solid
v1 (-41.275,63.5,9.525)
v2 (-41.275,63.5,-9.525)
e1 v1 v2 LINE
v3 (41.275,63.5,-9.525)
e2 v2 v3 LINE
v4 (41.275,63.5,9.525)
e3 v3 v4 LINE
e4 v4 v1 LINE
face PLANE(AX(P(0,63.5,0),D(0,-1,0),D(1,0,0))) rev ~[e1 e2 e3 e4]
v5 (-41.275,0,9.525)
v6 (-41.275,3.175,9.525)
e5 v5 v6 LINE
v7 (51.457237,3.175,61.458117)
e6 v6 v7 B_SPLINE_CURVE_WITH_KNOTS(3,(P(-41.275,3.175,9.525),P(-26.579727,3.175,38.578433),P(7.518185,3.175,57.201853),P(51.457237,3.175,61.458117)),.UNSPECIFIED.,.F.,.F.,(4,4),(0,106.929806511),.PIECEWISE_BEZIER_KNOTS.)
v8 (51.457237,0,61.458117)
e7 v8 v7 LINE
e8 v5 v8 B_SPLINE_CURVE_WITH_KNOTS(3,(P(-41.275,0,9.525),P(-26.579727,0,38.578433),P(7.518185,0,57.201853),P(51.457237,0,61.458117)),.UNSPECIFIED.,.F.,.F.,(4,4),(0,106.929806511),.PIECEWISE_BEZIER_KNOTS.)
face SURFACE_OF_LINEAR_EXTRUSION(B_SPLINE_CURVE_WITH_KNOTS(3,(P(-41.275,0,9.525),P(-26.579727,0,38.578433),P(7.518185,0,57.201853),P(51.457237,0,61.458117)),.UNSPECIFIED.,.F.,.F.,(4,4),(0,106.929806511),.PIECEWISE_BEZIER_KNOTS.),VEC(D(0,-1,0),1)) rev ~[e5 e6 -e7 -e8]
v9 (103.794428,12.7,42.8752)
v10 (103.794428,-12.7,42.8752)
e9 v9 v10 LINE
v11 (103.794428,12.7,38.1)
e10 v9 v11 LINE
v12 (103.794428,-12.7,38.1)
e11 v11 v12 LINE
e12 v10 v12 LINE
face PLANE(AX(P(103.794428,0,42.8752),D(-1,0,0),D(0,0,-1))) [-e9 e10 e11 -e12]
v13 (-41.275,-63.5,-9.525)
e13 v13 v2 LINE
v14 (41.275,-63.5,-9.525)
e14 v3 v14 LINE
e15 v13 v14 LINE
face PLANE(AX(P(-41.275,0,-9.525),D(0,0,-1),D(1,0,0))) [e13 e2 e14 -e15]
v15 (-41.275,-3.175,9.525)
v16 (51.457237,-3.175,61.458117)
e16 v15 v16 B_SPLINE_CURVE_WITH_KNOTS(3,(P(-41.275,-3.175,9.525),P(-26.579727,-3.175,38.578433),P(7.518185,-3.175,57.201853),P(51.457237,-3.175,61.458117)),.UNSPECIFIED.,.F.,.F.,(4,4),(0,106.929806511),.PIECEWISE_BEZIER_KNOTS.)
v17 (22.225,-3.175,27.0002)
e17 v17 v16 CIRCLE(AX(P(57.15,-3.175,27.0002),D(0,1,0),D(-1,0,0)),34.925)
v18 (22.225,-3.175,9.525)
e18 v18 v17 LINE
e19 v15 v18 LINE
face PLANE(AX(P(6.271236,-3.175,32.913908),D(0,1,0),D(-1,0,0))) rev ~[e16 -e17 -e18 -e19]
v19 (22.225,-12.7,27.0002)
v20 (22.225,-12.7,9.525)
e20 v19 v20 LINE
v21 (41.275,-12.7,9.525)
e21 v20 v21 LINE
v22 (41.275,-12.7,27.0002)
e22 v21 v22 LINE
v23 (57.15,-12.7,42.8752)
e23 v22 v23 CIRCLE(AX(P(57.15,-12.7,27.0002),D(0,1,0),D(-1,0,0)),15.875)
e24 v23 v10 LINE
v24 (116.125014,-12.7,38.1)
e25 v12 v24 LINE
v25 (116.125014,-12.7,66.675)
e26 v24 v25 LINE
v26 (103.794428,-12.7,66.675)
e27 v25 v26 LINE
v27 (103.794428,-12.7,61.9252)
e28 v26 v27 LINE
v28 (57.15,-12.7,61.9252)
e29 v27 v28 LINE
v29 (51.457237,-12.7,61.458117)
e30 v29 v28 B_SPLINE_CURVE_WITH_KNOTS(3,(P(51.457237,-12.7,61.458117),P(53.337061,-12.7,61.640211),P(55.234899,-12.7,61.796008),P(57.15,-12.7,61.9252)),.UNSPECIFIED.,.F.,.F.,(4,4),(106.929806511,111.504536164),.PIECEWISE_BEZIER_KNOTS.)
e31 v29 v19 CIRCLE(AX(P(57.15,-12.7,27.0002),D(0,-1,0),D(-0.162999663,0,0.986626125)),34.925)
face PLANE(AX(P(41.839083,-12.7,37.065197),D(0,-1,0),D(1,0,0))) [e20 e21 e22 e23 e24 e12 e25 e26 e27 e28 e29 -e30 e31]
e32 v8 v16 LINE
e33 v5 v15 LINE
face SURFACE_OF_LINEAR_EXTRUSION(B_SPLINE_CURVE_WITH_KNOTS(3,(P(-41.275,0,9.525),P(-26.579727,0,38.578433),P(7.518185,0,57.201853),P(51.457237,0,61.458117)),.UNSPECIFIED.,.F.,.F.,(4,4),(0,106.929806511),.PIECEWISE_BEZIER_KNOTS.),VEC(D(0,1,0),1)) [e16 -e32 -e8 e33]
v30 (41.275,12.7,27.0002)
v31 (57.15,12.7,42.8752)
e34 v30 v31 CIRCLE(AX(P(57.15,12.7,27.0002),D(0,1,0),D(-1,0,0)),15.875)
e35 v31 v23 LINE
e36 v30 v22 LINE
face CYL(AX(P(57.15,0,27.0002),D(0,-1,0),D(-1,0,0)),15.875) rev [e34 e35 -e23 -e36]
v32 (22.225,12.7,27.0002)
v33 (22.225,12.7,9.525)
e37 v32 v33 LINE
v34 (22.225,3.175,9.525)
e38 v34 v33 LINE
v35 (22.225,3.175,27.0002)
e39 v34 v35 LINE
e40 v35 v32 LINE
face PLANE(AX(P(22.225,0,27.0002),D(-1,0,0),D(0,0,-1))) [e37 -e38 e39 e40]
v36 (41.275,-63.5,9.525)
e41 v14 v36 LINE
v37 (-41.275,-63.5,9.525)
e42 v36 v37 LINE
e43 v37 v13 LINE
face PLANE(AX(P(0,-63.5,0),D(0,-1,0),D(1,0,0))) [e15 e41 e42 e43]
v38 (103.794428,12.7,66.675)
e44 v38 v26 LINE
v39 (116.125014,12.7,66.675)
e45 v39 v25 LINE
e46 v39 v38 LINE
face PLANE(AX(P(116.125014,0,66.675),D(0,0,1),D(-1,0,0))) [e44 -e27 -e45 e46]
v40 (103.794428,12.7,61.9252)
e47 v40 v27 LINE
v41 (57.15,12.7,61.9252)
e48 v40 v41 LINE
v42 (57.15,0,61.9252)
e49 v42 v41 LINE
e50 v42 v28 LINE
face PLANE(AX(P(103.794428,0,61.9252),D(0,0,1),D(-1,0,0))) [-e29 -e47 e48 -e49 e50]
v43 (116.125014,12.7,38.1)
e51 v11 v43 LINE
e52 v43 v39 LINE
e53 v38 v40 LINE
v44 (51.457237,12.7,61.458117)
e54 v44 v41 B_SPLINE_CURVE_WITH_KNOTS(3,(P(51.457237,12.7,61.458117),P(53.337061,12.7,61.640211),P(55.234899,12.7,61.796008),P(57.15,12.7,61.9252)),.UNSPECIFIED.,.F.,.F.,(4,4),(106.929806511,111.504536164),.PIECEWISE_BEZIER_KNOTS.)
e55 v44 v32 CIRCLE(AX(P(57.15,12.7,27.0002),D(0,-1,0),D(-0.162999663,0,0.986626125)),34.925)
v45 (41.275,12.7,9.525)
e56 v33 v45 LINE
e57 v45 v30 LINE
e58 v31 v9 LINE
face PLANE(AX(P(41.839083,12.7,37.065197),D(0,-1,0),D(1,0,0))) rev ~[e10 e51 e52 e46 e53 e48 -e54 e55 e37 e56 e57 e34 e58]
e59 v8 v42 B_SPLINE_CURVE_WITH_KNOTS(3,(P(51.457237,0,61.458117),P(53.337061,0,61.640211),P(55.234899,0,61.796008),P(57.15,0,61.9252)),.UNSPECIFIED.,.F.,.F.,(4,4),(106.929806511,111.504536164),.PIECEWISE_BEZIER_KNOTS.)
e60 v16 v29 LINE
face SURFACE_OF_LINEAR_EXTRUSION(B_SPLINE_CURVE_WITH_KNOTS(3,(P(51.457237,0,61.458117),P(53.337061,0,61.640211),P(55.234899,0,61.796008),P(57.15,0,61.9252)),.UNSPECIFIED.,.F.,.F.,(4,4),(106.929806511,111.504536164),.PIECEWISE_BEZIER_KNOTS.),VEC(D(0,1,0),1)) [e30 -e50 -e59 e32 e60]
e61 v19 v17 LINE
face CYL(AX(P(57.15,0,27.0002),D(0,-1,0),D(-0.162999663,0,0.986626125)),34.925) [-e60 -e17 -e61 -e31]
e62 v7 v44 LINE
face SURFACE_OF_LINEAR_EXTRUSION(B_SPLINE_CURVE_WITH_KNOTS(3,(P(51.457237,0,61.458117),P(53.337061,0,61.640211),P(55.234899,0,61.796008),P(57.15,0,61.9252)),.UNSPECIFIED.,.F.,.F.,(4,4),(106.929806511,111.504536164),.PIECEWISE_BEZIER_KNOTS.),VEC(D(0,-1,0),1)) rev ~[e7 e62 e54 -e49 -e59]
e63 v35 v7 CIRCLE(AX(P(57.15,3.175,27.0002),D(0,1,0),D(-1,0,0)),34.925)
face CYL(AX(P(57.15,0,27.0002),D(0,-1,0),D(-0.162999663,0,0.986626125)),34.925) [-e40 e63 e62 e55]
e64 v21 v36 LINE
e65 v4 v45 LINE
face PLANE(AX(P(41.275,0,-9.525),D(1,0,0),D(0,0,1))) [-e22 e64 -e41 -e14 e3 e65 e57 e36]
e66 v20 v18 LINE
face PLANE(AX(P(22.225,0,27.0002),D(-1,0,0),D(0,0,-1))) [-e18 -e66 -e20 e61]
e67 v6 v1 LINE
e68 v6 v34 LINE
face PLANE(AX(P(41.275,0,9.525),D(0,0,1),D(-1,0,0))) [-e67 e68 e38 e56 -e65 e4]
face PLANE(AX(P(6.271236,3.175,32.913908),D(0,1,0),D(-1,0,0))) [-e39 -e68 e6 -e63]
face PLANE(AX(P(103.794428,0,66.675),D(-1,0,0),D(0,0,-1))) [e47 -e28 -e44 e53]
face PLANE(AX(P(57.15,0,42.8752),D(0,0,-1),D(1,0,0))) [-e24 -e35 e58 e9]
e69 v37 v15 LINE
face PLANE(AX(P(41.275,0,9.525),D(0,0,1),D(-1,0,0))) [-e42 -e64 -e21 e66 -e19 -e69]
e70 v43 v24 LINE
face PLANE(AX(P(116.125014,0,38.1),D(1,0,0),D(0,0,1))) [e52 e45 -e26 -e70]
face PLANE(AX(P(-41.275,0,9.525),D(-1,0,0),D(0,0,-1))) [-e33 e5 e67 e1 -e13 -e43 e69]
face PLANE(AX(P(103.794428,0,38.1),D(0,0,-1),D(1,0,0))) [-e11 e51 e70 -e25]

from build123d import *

# Parameters (mm, degrees)
F1_DEPTH = 63.5
F0_W     = 38.4694138315
F0_H     = 19.05
F2_DEPTH = 12.7
F3_DEPTH = 3.175


with BuildPart() as f1:
    # F0 (on Front) → F1 (new body, symmetric)
    with BuildSketch(Plane.XZ):
        Polygon((-41.275, -9.525), (41.275, -9.525), (41.275, 9.525), (22.225, 9.525), (-41.275, 9.525), align=None)
    extrude(amount=F1_DEPTH, both=True)

    # F0 (on Front) → F2 (join, symmetric)
    with BuildSketch(Plane.XZ):
        with BuildLine():
            Line((22.225, 9.525), (41.275, 9.525))
            Line((41.275, 9.525), (41.275, 27.0002))
            ThreePointArc((41.275, 27.0002), (45.9246798487, 38.2255201513), (57.15, 42.8752))
            Line((57.15, 42.8752), (65.3250142932, 42.8752))
            Line((65.3250142932, 42.8752), (65.3250142932, 61.9252))
            Line((65.3250142932, 61.9252), (57.15, 61.9252))
            add(Edge.make_bspline(
                [(51.4572367621, 61.4581174025), (53.3370613896, 61.6402112434), (55.2348987126, 61.7960082111), (57.15, 61.9252)],
                knots=[106.9298065105, 106.9298065105, 106.9298065105, 106.9298065105, 111.5045361635, 111.5045361635, 111.5045361635, 111.5045361635], degree=3))
            ThreePointArc((51.4572367621, 61.4581174025), (30.517544414, 49.593737449), (22.225, 27.0002))
            Line((22.225, 27.0002), (22.225, 9.525))
        make_face()
        Polygon((103.7944281247, 61.9252), (103.7944281247, 42.8752), (103.7944281247, 38.1), (116.1250142932, 38.1), (116.1250142932, 66.675), (103.7944281247, 66.675), align=None)
        with Locations((84.559721209, 52.4002)):
            Rectangle(F0_W, F0_H)
    extrude(amount=F2_DEPTH, both=True)

    # F0 (on Front) → F3 (join, symmetric)
    with BuildSketch(Plane.XZ):
        with BuildLine():
            add(Edge.make_bspline(
                [(-41.275, 9.525), (-26.5797272303, 38.5784325229), (7.5181848531, 57.2018529553), (51.4572367621, 61.4581174025)],
                knots=[0, 0, 0, 0, 106.9298065105, 106.9298065105, 106.9298065105, 106.9298065105], degree=3))
            Line((-41.275, 9.525), (22.225, 9.525))
            Line((22.225, 9.525), (22.225, 27.0002))
            ThreePointArc((22.225, 27.0002), (30.517544414, 49.593737449), (51.4572367621, 61.4581174025))
        make_face()
    extrude(amount=F3_DEPTH, both=True)


solid = f1.part
